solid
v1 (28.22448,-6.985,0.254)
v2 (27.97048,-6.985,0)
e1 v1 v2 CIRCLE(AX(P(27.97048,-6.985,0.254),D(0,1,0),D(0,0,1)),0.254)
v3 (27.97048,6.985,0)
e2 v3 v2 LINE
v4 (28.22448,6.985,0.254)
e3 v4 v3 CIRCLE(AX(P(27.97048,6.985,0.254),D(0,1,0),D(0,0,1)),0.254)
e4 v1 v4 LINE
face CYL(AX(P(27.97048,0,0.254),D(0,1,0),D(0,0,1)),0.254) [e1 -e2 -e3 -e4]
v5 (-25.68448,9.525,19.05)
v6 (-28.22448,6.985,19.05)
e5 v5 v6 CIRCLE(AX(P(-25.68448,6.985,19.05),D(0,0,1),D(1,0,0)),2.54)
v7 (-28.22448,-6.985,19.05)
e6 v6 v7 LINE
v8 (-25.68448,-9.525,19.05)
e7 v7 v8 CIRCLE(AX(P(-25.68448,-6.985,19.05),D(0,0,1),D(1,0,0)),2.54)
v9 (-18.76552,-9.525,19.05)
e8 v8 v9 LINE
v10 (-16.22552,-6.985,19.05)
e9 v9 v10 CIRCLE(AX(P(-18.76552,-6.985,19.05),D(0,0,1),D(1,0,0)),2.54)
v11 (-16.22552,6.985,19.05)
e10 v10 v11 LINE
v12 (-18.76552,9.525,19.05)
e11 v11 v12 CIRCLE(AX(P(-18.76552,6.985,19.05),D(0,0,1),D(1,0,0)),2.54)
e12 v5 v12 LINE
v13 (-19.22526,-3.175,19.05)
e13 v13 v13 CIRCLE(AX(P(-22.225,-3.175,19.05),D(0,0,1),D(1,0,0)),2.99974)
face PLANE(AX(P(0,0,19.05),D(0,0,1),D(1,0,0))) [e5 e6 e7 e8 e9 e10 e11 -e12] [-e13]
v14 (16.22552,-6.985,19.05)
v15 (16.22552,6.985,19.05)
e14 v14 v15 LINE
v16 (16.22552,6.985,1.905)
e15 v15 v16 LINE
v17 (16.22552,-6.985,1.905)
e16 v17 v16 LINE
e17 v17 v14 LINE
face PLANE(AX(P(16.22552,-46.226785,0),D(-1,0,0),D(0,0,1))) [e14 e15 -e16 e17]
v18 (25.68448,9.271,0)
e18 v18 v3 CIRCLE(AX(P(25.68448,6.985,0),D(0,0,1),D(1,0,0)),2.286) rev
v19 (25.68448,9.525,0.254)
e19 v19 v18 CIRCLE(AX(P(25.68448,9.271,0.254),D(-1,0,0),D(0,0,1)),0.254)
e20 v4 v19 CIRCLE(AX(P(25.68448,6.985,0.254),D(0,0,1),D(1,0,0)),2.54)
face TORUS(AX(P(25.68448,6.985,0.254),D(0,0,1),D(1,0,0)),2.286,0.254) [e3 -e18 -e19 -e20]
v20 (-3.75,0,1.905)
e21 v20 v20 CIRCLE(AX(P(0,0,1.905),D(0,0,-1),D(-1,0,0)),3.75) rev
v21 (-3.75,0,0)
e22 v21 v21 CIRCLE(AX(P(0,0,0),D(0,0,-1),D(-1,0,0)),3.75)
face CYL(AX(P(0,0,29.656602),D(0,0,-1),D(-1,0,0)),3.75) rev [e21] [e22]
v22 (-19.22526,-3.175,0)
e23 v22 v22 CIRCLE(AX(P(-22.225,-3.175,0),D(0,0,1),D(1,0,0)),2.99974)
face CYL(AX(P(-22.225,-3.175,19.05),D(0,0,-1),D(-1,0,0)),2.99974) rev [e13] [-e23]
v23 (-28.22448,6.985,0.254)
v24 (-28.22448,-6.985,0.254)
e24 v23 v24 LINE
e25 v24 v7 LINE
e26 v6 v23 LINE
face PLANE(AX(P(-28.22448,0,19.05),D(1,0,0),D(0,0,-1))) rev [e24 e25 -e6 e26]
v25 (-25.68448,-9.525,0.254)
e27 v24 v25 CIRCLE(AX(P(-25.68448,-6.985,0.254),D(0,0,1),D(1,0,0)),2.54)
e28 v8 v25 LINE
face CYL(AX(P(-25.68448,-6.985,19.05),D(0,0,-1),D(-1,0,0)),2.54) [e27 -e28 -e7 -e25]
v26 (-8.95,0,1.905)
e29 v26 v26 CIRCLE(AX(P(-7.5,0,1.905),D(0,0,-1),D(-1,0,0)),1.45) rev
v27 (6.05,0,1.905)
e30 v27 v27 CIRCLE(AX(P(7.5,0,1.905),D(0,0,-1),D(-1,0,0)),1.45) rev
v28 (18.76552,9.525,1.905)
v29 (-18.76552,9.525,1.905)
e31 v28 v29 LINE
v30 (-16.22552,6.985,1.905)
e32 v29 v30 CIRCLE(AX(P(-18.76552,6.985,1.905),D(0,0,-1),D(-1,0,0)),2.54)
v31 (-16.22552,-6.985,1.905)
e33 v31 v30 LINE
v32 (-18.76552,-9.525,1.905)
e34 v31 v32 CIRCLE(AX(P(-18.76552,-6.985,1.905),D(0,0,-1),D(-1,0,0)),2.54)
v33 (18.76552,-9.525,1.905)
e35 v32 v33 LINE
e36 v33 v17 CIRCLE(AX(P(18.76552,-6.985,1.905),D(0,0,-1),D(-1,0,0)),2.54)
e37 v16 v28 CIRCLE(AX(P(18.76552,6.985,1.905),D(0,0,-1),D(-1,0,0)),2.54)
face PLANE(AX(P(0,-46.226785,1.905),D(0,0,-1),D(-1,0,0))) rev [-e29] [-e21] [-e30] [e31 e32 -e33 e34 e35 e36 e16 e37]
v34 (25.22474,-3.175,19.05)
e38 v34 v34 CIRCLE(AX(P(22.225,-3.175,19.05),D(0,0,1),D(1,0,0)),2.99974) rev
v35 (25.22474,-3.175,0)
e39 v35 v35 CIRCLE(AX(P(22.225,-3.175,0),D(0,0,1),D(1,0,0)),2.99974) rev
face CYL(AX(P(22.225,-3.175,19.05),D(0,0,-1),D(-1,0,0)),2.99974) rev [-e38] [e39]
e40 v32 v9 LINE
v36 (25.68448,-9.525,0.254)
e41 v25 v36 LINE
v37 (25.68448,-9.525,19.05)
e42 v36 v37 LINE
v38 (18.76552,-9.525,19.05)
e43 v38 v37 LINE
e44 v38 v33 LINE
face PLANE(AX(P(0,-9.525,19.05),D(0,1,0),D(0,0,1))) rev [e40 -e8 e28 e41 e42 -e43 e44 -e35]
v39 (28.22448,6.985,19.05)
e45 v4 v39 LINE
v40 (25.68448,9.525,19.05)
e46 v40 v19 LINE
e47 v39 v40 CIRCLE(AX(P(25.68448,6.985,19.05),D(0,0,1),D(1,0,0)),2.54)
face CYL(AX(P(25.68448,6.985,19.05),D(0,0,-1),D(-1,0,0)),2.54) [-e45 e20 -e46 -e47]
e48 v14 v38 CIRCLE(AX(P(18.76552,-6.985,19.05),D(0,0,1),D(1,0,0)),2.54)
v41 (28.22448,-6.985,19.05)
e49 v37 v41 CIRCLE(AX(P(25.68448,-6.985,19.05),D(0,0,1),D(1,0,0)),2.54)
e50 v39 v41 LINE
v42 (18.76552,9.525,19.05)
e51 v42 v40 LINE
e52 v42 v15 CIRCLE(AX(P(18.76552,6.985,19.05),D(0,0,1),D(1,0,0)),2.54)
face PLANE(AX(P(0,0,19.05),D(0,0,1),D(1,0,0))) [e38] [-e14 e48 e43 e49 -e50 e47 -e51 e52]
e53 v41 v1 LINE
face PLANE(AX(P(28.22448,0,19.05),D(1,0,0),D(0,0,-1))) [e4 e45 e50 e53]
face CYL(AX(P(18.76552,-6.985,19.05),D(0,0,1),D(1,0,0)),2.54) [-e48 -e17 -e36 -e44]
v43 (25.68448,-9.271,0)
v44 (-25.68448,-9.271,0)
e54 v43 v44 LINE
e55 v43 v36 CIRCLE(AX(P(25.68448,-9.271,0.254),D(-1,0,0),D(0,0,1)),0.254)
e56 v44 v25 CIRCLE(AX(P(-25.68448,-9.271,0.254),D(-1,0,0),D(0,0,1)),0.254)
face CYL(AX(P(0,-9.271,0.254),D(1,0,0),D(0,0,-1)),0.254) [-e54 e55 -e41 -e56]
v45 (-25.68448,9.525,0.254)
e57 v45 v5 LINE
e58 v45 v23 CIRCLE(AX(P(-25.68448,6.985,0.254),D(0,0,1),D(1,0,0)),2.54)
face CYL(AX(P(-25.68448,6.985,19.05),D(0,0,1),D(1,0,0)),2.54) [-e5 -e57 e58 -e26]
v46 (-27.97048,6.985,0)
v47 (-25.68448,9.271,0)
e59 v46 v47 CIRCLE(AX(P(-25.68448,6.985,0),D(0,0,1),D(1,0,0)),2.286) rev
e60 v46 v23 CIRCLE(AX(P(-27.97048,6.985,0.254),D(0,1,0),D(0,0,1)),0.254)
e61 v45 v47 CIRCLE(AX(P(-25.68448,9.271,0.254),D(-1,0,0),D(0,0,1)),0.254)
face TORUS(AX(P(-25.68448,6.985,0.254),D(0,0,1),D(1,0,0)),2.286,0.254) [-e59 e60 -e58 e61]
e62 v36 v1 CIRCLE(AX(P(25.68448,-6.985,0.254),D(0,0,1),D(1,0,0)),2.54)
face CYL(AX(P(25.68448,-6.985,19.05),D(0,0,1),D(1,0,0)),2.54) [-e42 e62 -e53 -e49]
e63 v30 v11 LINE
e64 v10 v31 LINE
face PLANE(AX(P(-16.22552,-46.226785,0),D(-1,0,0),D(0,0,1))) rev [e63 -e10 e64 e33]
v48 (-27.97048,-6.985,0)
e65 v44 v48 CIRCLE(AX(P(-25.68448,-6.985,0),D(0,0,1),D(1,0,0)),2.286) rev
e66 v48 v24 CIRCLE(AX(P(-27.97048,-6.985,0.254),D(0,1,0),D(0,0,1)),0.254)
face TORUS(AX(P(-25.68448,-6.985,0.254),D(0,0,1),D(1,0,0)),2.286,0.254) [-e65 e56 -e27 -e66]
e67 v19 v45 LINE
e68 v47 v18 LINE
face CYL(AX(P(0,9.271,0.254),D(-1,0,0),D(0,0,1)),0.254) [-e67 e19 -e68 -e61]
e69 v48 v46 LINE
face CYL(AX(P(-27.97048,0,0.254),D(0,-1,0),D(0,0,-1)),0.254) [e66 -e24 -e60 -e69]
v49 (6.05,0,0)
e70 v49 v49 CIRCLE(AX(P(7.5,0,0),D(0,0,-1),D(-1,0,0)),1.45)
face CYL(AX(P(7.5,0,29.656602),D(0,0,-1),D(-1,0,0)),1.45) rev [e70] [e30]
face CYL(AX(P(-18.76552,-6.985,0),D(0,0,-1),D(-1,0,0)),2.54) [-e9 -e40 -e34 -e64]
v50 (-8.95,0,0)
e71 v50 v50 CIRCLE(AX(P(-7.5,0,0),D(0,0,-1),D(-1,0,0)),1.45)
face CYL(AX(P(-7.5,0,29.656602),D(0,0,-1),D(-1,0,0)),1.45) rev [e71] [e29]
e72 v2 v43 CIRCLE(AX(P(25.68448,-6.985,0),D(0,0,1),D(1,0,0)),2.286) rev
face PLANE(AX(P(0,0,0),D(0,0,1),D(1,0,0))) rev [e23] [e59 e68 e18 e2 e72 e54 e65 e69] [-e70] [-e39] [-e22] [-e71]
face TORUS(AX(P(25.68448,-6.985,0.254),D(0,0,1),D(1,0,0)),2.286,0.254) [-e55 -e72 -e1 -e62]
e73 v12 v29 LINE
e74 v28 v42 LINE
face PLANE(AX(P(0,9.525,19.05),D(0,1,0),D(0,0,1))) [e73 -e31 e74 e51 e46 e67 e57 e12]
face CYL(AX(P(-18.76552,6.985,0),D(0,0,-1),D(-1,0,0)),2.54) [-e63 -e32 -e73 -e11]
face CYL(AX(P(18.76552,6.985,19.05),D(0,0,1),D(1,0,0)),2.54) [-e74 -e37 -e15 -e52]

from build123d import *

# Parameters (mm, degrees)
SKETCH1_W           = 56.44896
SKETCH1_H           = 19.05
SKETCH1_R           = 2.99974
BOSS_EXTRUDE1_DEPTH = 19.05
SKETCH2_R           = 1.45
SKETCH2_R_2         = 3.75
CUT_EXTRUDE1_DEPTH  = 19.05
SKETCH3_W           = 32.45104
SKETCH3_H           = 17.145
CUT_EXTRUDE2_DEPTH  = 19.05
FILLET1_R           = 2.54
FILLET3_R           = 0.254


with BuildPart() as part:
    # Sketch1 → Boss-Extrude1 (new body)
    with BuildSketch(Plane.XY):
        Rectangle(SKETCH1_W, SKETCH1_H)
        with Locations((-22.225, -3.175)):
            Circle(SKETCH1_R, mode=Mode.SUBTRACT)
        with Locations((22.225, -3.175)):
            Circle(SKETCH1_R, mode=Mode.SUBTRACT)
    extrude(amount=BOSS_EXTRUDE1_DEPTH)

    # Sketch2 → Cut-Extrude1 (cut)
    with BuildSketch(Plane(origin=(0, 0, 0), x_dir=(-1, 0, 0), z_dir=(0, 0, -1))):
        with Locations((-7.5, 0)):
            Circle(SKETCH2_R)
        with Locations((7.5, 0)):
            Circle(SKETCH2_R)
        Circle(SKETCH2_R_2)
    extrude(amount=-CUT_EXTRUDE1_DEPTH, mode=Mode.SUBTRACT)

    # Sketch3 → Cut-Extrude2 (cut)
    with BuildSketch(Plane(origin=(0, 9.525, 0), x_dir=(1, 0, 0), z_dir=(0, 1, 0))):
        with Locations((0, -10.4775)):
            Rectangle(SKETCH3_W, SKETCH3_H)
    extrude(amount=-CUT_EXTRUDE2_DEPTH, mode=Mode.SUBTRACT)

    # Fillet1
    fillet1_edges = [part.edges().sort_by_distance(p)[0] for p in [
        (28.22448, -9.525, 9.525),
        (-28.22448, -9.525, 9.525),
        (-28.22448, 9.525, 9.525),
        (28.22448, 9.525, 9.525),
        (16.22552, -9.525, 10.4775),
        (16.22552, 9.525, 10.4775),
        (-16.22552, 9.525, 10.4775),
        (-16.22552, -9.525, 10.4775),
    ]]
    fillet(fillet1_edges, radius=FILLET1_R)

    # Fillet3
    fillet3_edges = [part.edges().sort_by_distance(p)[0] for p in [
        (0, -9.525, 0),
        (28.22448, 0, 0),
        (-28.22448, 0, 0),
        (0, 9.525, 0),
        (-27.480531224, 8.781051224, 0),
        (27.480531224, 8.781051224, 0),
        (27.480531224, -8.781051224, 0),
        (-27.480531224, -8.781051224, 0),
    ]]
    fillet(fillet3_edges, radius=FILLET3_R)


solid = part.part
